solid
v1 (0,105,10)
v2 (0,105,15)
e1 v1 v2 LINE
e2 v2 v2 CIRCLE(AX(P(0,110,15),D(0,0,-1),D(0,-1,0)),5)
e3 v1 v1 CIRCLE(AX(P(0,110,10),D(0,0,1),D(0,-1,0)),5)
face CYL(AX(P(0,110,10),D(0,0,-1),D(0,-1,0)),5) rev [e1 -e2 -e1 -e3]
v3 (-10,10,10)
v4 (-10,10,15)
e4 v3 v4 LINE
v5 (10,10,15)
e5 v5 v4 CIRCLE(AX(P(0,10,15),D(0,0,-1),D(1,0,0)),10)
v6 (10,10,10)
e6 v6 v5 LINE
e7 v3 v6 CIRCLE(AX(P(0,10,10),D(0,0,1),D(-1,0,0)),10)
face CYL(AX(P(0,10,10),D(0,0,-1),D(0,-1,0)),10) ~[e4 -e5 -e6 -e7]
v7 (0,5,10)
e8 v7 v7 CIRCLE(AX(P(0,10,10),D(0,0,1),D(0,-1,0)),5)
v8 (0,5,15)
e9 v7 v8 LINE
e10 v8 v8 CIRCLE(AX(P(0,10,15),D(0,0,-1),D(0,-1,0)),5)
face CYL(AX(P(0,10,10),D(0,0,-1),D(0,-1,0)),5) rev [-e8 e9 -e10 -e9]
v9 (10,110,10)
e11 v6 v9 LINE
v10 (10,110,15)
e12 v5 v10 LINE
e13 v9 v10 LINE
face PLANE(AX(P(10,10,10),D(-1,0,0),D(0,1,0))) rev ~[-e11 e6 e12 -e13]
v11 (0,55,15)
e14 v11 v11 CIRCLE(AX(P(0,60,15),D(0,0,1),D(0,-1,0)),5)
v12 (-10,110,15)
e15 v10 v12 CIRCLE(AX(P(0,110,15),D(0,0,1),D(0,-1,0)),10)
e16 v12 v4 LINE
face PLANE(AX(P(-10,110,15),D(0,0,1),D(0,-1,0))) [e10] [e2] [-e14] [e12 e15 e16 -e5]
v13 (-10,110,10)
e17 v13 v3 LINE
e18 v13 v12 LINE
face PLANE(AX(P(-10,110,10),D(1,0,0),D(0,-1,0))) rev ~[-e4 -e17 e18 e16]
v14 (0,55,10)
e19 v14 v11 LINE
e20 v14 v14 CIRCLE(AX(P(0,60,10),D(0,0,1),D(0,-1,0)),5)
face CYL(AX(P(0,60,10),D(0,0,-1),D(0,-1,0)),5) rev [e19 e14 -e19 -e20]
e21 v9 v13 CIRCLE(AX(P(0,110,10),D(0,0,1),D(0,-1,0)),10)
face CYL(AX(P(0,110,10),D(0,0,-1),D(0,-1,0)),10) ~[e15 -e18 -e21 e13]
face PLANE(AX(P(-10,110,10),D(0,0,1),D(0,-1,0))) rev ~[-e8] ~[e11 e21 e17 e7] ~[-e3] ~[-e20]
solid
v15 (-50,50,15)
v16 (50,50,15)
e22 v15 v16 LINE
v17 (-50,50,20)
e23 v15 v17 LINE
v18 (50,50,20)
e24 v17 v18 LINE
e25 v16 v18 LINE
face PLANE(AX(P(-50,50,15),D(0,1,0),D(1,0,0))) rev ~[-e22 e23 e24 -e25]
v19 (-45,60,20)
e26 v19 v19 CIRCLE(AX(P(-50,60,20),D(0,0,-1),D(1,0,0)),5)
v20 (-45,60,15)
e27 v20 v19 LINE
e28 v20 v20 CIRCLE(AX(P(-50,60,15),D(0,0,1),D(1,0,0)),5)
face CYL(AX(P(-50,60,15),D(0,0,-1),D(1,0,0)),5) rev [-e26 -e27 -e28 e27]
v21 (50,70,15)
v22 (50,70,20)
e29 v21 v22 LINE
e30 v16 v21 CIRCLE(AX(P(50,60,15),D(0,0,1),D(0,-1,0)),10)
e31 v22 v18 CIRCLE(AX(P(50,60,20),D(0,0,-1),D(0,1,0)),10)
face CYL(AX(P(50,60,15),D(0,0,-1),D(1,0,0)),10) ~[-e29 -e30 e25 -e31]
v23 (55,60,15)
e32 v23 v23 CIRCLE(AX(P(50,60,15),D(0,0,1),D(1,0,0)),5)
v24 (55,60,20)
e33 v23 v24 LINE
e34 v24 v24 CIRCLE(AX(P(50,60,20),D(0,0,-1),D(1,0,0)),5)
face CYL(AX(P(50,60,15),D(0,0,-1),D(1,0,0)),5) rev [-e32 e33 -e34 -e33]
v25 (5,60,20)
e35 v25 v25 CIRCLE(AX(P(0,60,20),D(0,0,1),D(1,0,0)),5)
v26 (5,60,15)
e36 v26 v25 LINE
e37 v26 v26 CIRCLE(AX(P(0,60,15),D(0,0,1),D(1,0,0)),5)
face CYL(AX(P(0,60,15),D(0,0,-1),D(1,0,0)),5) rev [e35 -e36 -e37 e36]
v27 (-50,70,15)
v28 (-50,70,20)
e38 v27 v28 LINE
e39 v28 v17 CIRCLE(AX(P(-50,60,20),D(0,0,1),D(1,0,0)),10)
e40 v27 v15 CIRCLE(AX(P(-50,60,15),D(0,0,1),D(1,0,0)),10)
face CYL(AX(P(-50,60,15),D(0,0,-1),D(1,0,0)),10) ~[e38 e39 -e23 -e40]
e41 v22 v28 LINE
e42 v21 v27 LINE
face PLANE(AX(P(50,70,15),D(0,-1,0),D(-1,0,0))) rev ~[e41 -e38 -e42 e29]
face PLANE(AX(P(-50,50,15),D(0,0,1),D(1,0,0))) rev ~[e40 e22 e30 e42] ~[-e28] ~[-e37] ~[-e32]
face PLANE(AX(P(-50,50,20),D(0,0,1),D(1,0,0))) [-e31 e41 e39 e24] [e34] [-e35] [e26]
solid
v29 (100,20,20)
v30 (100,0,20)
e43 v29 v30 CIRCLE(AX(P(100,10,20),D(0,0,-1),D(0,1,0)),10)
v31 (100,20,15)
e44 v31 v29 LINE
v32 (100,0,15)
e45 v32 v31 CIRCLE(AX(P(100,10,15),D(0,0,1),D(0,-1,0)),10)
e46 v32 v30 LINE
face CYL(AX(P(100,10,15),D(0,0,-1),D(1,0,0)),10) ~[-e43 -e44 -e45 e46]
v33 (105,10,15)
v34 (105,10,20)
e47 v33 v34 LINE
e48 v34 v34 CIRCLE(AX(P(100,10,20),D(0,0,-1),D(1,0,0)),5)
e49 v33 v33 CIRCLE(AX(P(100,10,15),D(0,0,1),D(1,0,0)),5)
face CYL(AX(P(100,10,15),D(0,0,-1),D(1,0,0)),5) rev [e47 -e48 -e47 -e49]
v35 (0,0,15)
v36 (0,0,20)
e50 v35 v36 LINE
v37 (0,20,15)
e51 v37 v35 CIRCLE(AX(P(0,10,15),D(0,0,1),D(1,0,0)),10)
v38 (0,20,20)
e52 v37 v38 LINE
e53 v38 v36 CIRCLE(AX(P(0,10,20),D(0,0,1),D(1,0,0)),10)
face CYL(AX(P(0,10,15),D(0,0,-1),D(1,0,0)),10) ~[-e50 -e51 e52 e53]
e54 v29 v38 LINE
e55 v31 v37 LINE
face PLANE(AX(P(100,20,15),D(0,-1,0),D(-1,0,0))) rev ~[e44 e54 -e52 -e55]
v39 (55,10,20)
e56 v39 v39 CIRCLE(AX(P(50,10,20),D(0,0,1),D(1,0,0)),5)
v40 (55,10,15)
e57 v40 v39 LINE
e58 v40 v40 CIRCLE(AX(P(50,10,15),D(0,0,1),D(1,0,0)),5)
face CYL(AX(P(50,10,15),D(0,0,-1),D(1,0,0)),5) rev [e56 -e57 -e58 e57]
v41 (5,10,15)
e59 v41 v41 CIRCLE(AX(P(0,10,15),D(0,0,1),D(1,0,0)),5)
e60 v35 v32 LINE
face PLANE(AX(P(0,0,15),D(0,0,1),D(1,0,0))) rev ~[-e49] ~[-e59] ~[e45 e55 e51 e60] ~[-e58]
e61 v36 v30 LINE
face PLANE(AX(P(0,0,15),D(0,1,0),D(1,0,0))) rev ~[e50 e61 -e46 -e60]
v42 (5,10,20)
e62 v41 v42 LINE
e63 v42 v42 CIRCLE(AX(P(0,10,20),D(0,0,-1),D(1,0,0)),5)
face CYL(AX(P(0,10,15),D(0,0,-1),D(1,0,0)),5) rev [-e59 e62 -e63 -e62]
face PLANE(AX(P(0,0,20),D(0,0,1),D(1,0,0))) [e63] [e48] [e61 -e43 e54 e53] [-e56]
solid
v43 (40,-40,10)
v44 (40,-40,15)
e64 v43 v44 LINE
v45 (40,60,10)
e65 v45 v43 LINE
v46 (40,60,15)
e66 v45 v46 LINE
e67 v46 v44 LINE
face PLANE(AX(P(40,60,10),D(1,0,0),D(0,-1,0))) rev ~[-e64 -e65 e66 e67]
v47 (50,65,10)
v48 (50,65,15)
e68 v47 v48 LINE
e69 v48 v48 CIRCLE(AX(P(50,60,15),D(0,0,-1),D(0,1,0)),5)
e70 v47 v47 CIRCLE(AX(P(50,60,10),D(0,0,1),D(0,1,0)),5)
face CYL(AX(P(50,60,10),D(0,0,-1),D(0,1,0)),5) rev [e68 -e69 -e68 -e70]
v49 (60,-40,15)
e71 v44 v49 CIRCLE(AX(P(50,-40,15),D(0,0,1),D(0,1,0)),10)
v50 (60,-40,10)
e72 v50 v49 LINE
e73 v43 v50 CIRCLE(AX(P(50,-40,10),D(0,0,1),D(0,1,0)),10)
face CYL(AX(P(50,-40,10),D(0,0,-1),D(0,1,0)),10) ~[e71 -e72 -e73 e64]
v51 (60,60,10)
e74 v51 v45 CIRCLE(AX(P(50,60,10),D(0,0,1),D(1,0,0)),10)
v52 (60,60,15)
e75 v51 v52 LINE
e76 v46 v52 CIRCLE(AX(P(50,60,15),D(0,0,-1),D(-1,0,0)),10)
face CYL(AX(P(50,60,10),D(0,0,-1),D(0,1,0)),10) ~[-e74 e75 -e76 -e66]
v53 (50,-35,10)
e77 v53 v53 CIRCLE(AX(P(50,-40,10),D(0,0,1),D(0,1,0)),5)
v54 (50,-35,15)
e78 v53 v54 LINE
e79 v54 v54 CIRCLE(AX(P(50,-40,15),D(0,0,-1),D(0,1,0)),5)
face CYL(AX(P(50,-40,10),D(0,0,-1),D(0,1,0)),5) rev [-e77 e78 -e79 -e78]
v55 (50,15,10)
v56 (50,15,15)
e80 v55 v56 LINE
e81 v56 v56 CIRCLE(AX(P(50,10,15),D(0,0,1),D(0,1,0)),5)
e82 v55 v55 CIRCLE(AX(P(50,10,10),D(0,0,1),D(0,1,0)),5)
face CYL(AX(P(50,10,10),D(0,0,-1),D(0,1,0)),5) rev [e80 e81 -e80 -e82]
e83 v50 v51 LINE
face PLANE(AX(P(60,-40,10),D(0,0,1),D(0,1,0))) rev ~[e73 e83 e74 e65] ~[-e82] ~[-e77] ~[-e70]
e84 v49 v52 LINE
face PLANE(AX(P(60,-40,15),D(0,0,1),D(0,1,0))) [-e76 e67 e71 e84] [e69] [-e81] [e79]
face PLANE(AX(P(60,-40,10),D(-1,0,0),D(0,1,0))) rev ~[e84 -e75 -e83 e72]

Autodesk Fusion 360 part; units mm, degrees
sketch "Sketch1" plane through (0, 0, 0) normal (0, 0, 1) x (1, 0, 0) in component "bar"
  line L0 (0, 0) -> (100, 0)
  line L1 (100, 0) -> (100, 20)
  line L2 (100, 20) -> (0, 20)
  line L3 (0, 20) -> (0, 0)
  circle A0 centre (0, 10) radius 10
  circle A1 centre (100, 10) radius 10
  circle A2 centre (0, 10) radius 5
  circle A3 centre (100, 10) radius 5
  circle A4 centre (50, 10) radius 5
  dimension "d15" = 0
  dimension "d16" = 0
  dimension "d17" = 0
  dimension "d18" = 0
  dimension "d19" = 0
  dimension "d20" = 0
  dimension "d21" = 0
  dimension "d22" = 0
extrude "Extrude1" add sketch "Sketch1" along normal blind 5 contours L0 L2 A0 A1 | L3 A0 A2 | L3 A0 A2 | L1 A1 A3 | L1 A1 A3 in component "bar"
component "bar" placed x (0, 1, 0) y (-1, 0, 0) z (0, 0, 1) at (60, -40, 10)
component "bar" placed x (1, 0, 0) y (0, 1, 0) z (0, 0, 1) at (0, 0, 15)
component "bar" placed x (0, -1, 0) y (1, 0, 0) z (0, 0, 1) at (-10, 110, 10)
component "bar" placed x (1, 0, 0) y (0, 1, 0) z (0, 0, 1) at (-50, 50, 15)
